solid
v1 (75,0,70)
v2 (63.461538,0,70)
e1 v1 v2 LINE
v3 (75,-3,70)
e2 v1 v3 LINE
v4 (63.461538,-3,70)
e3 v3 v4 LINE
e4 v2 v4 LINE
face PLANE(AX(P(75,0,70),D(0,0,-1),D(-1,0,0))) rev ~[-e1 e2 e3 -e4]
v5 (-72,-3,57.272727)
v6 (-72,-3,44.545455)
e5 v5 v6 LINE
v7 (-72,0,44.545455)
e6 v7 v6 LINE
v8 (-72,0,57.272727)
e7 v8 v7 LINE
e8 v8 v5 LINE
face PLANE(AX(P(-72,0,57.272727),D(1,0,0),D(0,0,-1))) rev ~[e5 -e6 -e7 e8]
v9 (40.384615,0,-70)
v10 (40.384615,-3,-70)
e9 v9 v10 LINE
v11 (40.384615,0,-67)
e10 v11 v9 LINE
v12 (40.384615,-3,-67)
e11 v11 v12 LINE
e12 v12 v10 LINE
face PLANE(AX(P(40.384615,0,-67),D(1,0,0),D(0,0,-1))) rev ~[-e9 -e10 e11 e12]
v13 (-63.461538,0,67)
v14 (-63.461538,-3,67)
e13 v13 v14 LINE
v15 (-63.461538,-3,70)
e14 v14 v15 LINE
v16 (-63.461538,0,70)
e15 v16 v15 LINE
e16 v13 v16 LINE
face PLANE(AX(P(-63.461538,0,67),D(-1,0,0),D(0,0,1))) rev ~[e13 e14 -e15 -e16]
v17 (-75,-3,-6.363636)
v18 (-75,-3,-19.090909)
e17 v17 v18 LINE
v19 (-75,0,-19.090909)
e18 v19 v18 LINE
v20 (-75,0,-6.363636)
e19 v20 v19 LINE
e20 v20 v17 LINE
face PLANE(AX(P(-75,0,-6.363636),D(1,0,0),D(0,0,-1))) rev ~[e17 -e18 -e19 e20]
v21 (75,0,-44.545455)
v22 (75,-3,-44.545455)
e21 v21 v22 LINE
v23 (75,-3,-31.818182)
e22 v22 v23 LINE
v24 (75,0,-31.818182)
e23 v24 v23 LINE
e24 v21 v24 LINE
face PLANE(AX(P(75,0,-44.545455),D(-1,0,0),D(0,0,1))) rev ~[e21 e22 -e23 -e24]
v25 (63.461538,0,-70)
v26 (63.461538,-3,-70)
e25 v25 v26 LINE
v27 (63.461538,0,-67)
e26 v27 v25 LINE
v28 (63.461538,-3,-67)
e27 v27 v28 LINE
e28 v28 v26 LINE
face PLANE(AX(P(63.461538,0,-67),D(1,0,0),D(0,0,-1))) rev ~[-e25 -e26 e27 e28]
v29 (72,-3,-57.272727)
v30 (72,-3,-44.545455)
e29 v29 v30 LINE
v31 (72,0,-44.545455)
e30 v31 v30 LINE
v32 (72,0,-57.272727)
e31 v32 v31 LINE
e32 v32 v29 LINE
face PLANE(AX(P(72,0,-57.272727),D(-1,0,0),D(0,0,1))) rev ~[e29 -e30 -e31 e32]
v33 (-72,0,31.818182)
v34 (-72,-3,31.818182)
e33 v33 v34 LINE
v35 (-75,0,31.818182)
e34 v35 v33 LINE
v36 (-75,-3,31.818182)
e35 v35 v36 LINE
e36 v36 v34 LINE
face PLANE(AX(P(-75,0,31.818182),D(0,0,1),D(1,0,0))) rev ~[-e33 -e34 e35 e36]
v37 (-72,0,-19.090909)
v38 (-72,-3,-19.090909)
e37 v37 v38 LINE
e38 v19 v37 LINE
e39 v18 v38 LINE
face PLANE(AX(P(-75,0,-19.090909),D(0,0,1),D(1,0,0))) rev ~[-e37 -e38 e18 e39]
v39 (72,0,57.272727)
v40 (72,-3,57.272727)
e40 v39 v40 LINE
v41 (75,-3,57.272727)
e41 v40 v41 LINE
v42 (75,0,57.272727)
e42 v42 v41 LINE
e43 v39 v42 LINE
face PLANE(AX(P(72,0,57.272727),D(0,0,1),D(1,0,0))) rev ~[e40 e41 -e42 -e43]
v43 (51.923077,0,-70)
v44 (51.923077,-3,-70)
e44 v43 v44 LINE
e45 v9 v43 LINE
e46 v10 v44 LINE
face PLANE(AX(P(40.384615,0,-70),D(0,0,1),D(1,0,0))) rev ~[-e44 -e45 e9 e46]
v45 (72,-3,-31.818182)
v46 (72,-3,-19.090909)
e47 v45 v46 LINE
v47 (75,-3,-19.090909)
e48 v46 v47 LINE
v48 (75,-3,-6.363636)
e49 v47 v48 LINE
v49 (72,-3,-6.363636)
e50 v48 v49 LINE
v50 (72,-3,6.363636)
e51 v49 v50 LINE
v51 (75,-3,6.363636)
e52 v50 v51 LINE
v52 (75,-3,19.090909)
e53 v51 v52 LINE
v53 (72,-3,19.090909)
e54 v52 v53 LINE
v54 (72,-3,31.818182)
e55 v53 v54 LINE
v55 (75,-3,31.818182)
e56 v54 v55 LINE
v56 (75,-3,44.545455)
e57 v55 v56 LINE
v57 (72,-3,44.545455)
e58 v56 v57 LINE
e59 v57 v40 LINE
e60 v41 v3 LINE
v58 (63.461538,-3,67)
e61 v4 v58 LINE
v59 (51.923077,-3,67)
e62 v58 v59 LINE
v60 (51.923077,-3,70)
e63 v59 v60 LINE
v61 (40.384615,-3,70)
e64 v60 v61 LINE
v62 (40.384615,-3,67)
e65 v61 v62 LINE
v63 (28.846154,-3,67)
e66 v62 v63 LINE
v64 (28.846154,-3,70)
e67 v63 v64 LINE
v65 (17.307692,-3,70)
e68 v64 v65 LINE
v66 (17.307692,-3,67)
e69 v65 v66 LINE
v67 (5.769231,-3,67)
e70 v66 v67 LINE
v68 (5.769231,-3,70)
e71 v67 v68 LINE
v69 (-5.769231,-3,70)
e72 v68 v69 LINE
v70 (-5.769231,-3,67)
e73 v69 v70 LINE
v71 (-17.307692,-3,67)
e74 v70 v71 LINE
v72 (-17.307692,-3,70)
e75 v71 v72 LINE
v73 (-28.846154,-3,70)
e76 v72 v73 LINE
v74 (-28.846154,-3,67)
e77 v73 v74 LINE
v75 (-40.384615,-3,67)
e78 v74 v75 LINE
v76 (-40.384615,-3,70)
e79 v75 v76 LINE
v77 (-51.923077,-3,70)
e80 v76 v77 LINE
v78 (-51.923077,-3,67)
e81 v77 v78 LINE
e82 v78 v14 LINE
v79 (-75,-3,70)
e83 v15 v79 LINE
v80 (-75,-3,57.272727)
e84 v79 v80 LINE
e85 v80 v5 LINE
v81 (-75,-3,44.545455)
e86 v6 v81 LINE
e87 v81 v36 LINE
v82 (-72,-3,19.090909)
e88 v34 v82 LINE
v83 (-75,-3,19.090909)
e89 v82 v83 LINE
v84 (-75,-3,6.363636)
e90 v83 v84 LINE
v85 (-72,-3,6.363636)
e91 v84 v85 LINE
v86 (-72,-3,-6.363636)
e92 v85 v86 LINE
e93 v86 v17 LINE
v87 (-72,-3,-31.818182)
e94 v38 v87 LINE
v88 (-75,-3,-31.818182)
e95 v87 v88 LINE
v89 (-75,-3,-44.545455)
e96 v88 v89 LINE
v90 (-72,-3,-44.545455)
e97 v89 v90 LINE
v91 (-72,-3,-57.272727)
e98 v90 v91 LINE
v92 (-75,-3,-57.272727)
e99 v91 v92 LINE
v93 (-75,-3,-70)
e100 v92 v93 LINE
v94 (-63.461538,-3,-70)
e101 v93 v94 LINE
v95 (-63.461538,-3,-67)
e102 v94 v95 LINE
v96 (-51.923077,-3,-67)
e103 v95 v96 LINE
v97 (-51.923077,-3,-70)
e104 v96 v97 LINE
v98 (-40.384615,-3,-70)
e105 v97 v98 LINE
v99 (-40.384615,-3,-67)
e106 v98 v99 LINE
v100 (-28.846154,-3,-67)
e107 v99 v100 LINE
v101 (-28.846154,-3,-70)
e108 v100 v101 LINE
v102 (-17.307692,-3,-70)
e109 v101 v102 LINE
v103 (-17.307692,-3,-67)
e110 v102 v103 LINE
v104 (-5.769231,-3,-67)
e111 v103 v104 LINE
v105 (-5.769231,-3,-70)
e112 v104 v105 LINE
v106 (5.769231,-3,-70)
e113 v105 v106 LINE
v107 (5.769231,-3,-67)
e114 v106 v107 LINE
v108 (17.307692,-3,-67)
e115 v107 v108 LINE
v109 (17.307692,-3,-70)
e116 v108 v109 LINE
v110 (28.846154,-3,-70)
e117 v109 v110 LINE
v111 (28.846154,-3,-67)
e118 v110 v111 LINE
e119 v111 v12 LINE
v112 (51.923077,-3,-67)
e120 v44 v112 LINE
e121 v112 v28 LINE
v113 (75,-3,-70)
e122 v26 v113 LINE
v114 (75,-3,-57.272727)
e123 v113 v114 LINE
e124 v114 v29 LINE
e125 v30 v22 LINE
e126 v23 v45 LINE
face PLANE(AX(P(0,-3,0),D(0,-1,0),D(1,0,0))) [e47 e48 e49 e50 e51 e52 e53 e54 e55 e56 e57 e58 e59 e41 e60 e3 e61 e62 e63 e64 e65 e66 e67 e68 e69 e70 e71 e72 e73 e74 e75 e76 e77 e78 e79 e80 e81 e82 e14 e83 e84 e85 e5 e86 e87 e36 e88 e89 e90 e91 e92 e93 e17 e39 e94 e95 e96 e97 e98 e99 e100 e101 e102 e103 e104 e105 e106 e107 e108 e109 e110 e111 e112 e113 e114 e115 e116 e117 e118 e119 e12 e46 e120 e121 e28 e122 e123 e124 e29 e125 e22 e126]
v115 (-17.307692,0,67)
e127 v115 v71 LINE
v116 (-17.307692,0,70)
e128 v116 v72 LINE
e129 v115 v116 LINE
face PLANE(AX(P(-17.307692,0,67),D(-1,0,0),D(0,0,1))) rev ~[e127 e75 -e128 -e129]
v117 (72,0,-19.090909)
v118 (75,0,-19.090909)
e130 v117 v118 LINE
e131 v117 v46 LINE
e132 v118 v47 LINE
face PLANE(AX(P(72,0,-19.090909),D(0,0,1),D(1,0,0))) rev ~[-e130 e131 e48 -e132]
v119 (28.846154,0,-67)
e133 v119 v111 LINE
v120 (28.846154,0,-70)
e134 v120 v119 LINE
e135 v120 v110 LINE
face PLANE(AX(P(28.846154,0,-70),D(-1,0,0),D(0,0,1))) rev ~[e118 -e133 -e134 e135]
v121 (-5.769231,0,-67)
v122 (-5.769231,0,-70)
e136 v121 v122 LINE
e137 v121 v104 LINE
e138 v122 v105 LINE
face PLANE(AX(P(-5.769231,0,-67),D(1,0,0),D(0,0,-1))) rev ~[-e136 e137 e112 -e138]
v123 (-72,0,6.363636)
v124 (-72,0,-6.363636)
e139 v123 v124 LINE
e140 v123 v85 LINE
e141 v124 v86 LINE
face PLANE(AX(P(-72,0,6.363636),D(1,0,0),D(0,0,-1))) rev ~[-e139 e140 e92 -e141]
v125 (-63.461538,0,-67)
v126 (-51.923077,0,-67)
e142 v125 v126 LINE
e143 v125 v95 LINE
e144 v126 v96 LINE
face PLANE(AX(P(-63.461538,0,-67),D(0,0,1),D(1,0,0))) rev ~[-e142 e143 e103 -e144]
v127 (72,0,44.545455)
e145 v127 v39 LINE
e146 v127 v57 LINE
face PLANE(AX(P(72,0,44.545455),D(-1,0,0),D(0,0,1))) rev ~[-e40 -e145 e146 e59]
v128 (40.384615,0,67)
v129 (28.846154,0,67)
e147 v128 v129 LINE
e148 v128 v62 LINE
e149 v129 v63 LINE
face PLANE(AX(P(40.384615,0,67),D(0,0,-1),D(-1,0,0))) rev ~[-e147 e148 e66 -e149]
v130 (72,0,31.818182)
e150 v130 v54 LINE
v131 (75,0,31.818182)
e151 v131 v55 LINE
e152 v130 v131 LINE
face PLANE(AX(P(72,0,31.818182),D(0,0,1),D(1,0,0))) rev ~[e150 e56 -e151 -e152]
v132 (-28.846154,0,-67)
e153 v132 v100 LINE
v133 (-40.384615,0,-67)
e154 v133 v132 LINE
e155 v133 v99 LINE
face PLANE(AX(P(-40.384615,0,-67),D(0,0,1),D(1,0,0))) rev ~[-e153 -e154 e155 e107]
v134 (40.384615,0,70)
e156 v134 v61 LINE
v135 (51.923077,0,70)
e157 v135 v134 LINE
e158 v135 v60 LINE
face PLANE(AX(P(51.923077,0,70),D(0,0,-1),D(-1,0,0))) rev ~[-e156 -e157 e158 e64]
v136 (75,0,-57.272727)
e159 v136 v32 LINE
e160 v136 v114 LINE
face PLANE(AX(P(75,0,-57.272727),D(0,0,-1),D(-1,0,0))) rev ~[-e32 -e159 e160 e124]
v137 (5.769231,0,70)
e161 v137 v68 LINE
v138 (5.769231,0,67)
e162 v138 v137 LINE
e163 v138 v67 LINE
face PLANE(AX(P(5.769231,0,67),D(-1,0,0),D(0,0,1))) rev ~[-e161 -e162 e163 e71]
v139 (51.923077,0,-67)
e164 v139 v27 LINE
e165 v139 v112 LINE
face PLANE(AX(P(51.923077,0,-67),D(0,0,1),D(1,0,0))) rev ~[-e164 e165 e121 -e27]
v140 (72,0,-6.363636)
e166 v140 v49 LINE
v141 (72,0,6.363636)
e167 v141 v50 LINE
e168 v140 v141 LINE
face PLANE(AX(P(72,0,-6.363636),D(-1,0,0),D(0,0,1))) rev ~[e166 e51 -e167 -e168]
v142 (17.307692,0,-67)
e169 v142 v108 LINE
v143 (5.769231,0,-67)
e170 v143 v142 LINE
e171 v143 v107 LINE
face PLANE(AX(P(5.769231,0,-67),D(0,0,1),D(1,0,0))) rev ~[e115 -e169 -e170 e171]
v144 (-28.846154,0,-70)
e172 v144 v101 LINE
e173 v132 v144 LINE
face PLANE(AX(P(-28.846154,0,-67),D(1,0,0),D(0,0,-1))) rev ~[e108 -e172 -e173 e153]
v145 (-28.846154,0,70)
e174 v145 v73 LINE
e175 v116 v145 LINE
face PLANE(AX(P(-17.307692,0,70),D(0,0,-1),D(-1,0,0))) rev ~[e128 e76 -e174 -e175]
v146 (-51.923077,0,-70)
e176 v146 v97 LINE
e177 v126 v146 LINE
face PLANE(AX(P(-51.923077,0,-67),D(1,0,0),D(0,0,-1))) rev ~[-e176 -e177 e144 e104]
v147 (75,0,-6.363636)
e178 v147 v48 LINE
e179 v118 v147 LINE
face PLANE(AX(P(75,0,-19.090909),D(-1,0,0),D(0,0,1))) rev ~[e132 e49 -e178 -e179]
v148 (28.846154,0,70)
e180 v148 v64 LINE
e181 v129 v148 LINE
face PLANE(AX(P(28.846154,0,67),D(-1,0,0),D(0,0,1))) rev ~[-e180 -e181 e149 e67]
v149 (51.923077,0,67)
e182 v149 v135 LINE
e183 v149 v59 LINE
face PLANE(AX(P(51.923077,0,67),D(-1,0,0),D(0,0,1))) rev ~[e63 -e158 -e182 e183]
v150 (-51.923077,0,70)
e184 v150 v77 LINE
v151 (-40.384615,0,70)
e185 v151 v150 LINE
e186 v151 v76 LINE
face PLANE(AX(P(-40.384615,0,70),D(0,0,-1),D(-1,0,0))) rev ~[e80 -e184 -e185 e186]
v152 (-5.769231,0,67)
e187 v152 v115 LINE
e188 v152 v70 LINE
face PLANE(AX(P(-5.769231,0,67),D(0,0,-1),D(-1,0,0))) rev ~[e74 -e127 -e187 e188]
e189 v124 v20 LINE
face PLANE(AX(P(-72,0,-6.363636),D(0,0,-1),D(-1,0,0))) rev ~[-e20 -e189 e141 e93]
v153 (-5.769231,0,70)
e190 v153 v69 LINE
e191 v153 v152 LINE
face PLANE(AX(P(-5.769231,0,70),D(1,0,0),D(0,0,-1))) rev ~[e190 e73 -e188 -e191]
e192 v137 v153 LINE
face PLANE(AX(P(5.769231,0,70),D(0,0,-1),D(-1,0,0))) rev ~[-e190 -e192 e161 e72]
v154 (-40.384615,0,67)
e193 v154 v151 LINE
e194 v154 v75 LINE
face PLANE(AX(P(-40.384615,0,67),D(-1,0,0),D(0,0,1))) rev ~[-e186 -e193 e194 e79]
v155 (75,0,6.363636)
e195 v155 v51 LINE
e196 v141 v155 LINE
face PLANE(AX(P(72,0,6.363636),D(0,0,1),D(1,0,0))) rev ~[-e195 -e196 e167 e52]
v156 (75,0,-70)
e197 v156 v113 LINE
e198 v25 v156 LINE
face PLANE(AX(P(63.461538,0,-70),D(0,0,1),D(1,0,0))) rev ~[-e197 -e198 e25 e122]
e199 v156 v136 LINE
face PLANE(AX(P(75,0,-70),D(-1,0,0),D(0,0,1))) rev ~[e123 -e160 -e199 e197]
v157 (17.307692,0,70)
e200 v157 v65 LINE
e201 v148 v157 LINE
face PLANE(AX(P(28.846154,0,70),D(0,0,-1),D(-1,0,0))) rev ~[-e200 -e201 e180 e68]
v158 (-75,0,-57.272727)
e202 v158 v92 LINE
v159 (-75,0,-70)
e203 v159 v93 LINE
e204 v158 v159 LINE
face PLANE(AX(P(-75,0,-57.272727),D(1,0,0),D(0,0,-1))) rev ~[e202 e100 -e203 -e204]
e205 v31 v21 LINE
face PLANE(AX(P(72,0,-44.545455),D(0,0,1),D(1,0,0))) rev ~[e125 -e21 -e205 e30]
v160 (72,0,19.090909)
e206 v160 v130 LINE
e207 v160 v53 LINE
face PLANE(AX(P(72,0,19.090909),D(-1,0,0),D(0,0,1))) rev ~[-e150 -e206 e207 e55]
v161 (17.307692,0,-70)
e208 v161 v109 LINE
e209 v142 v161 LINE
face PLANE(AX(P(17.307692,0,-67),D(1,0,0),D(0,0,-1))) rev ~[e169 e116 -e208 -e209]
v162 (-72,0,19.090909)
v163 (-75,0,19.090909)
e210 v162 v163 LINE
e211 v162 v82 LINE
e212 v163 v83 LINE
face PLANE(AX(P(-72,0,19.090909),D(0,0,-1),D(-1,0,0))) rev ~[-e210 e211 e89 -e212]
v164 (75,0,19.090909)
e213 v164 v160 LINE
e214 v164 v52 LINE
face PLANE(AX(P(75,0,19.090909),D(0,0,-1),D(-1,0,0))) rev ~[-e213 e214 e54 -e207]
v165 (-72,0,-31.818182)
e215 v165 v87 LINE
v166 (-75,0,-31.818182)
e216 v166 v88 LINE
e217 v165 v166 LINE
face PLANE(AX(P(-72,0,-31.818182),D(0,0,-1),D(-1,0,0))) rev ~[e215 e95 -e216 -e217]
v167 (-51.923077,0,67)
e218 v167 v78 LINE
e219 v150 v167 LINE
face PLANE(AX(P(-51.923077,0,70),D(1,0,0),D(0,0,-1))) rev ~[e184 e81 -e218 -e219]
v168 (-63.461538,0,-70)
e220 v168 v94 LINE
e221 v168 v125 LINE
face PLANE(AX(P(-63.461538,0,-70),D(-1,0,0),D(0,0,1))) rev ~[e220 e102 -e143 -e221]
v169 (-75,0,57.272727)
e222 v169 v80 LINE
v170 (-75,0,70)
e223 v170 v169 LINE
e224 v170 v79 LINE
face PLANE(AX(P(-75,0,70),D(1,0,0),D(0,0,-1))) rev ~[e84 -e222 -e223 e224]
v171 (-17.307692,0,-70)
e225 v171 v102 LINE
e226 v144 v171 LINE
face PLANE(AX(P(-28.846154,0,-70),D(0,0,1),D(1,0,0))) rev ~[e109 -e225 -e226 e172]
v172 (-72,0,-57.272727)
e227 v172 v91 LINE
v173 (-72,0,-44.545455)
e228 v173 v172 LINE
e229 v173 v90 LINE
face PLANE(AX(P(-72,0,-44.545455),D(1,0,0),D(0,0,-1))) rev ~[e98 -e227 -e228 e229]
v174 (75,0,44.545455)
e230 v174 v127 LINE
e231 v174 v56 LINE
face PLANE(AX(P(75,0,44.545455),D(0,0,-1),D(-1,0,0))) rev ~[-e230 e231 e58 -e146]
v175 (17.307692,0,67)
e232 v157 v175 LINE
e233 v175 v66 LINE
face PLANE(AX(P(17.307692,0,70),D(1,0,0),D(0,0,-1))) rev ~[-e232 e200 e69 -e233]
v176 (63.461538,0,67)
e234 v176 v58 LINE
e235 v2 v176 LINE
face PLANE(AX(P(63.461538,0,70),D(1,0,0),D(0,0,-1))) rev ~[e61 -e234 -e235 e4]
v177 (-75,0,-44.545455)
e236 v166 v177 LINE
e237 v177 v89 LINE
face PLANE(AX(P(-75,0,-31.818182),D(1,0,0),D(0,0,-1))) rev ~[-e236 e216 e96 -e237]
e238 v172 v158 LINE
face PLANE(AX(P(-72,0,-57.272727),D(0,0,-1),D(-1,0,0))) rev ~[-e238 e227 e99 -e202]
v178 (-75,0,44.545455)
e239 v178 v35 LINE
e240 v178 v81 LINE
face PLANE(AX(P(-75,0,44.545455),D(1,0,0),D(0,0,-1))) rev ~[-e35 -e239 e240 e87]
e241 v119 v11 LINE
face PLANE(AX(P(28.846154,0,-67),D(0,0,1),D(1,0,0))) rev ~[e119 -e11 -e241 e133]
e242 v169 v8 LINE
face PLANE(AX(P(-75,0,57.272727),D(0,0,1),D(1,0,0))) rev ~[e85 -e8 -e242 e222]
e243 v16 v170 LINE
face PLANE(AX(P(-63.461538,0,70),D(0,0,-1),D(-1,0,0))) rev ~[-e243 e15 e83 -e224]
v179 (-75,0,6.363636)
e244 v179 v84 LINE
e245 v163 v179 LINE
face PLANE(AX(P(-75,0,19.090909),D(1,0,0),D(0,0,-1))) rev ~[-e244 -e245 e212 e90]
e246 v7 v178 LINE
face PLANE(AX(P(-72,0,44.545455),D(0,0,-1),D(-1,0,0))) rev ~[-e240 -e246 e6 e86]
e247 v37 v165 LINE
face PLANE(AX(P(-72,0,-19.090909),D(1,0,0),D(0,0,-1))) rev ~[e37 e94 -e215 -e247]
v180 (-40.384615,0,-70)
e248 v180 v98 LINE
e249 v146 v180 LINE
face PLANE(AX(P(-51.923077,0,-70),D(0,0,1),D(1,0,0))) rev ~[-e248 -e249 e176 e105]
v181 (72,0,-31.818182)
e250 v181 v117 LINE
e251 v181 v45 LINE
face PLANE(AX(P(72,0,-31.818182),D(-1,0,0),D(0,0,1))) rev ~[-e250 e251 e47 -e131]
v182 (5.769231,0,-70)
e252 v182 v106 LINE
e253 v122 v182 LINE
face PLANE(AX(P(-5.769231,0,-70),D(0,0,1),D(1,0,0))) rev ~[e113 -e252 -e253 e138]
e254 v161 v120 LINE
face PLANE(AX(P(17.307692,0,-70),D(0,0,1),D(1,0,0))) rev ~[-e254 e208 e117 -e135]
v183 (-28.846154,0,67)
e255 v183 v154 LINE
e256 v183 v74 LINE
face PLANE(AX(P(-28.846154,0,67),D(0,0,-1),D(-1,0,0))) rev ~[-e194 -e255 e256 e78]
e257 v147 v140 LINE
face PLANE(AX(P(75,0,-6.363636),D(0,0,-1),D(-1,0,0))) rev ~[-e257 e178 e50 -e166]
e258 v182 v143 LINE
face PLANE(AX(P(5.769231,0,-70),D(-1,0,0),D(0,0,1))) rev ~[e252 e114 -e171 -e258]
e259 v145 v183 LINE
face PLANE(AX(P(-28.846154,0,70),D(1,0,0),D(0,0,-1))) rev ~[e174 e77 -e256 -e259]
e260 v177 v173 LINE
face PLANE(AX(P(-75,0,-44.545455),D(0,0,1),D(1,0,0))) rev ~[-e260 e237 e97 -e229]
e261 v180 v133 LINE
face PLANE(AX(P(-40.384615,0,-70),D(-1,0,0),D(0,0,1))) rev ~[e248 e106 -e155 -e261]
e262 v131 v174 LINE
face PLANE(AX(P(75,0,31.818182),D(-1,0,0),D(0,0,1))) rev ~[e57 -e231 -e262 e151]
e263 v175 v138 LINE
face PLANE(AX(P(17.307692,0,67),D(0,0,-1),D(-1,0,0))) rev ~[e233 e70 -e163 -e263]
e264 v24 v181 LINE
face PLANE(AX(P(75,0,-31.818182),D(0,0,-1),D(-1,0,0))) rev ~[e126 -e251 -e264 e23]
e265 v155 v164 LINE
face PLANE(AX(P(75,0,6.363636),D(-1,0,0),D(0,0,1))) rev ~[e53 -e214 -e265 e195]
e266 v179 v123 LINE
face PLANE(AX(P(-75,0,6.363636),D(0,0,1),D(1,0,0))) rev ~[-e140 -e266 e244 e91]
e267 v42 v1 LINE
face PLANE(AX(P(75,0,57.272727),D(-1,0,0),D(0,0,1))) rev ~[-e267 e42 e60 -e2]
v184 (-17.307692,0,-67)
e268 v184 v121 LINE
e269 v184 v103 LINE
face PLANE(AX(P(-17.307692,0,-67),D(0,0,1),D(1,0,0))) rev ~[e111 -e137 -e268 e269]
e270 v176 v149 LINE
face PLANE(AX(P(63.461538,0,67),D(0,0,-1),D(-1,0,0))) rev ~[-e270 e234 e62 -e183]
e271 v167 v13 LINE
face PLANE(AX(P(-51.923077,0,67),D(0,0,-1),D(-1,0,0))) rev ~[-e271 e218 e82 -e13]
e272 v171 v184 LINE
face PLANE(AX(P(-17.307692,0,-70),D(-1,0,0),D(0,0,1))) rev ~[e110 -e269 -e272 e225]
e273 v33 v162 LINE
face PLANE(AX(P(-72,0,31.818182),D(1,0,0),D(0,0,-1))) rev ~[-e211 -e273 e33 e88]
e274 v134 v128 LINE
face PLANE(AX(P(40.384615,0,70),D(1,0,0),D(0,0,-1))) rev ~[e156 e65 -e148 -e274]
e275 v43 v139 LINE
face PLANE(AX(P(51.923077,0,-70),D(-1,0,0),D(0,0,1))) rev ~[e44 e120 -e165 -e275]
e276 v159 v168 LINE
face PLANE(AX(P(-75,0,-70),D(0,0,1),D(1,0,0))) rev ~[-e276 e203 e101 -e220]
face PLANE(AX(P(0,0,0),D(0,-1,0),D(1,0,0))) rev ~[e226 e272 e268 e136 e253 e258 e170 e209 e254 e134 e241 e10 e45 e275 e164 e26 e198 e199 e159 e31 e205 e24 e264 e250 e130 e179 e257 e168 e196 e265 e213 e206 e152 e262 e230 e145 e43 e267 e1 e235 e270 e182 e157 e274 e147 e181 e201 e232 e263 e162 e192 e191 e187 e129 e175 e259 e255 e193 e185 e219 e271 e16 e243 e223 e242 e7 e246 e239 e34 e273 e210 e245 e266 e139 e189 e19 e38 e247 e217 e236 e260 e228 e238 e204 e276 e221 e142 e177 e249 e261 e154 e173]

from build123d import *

# Parameters (mm, degrees)
F1_DEPTH = 3


with BuildPart() as f1:
    # F0 (on Front) → F1 (new body)
    with BuildSketch(Plane.XZ):
        Polygon((75, 57.272727), (75, 70), (63.461538, 70), (63.461538, 67), (51.923077, 67), (51.923077, 70), (40.384615, 70), (40.384615, 67), (28.846154, 67), (28.846154, 70), (17.307692, 70), (17.307692, 67), (5.769231, 67), (5.769231, 70), (-5.769231, 70), (-5.769231, 67), (-17.307692, 67), (-17.307692, 70), (-28.846154, 70), (-28.846154, 67), (-40.384615, 67), (-40.384615, 70), (-51.923077, 70), (-51.923077, 67), (-63.461538, 67), (-63.461538, 70), (-75, 70), (-75, 57.272727), (-72, 57.272727), (-72, 44.545455), (-75, 44.545455), (-75, 31.818182), (-72, 31.818182), (-72, 19.090909), (-75, 19.090909), (-75, 6.363636), (-72, 6.363636), (-72, -6.363636), (-75, -6.363636), (-75, -19.090909), (-72, -19.090909), (-72, -31.818182), (-75, -31.818182), (-75, -44.545455), (-72, -44.545455), (-72, -57.272727), (-75, -57.272727), (-75, -70), (-63.461538, -70), (-63.461538, -67), (-51.923077, -67), (-51.923077, -70), (-40.384615, -70), (-40.384615, -67), (-28.846154, -67), (-28.846154, -70), (-17.307692, -70), (-17.307692, -67), (-5.769231, -67), (-5.769231, -70), (5.769231, -70), (5.769231, -67), (17.307692, -67), (17.307692, -70), (28.846154, -70), (28.846154, -67), (40.384615, -67), (40.384615, -70), (51.923077, -70), (51.923077, -67), (63.461538, -67), (63.461538, -70), (75, -70), (75, -57.272727), (72, -57.272727), (72, -44.545455), (75, -44.545455), (75, -31.818182), (72, -31.818182), (72, -19.090909), (75, -19.090909), (75, -6.363636), (72, -6.363636), (72, 6.363636), (75, 6.363636), (75, 19.090909), (72, 19.090909), (72, 31.818182), (75, 31.818182), (75, 44.545455), (72, 44.545455), (72, 57.272727), align=None)
    extrude(amount=F1_DEPTH)


solid = f1.part
